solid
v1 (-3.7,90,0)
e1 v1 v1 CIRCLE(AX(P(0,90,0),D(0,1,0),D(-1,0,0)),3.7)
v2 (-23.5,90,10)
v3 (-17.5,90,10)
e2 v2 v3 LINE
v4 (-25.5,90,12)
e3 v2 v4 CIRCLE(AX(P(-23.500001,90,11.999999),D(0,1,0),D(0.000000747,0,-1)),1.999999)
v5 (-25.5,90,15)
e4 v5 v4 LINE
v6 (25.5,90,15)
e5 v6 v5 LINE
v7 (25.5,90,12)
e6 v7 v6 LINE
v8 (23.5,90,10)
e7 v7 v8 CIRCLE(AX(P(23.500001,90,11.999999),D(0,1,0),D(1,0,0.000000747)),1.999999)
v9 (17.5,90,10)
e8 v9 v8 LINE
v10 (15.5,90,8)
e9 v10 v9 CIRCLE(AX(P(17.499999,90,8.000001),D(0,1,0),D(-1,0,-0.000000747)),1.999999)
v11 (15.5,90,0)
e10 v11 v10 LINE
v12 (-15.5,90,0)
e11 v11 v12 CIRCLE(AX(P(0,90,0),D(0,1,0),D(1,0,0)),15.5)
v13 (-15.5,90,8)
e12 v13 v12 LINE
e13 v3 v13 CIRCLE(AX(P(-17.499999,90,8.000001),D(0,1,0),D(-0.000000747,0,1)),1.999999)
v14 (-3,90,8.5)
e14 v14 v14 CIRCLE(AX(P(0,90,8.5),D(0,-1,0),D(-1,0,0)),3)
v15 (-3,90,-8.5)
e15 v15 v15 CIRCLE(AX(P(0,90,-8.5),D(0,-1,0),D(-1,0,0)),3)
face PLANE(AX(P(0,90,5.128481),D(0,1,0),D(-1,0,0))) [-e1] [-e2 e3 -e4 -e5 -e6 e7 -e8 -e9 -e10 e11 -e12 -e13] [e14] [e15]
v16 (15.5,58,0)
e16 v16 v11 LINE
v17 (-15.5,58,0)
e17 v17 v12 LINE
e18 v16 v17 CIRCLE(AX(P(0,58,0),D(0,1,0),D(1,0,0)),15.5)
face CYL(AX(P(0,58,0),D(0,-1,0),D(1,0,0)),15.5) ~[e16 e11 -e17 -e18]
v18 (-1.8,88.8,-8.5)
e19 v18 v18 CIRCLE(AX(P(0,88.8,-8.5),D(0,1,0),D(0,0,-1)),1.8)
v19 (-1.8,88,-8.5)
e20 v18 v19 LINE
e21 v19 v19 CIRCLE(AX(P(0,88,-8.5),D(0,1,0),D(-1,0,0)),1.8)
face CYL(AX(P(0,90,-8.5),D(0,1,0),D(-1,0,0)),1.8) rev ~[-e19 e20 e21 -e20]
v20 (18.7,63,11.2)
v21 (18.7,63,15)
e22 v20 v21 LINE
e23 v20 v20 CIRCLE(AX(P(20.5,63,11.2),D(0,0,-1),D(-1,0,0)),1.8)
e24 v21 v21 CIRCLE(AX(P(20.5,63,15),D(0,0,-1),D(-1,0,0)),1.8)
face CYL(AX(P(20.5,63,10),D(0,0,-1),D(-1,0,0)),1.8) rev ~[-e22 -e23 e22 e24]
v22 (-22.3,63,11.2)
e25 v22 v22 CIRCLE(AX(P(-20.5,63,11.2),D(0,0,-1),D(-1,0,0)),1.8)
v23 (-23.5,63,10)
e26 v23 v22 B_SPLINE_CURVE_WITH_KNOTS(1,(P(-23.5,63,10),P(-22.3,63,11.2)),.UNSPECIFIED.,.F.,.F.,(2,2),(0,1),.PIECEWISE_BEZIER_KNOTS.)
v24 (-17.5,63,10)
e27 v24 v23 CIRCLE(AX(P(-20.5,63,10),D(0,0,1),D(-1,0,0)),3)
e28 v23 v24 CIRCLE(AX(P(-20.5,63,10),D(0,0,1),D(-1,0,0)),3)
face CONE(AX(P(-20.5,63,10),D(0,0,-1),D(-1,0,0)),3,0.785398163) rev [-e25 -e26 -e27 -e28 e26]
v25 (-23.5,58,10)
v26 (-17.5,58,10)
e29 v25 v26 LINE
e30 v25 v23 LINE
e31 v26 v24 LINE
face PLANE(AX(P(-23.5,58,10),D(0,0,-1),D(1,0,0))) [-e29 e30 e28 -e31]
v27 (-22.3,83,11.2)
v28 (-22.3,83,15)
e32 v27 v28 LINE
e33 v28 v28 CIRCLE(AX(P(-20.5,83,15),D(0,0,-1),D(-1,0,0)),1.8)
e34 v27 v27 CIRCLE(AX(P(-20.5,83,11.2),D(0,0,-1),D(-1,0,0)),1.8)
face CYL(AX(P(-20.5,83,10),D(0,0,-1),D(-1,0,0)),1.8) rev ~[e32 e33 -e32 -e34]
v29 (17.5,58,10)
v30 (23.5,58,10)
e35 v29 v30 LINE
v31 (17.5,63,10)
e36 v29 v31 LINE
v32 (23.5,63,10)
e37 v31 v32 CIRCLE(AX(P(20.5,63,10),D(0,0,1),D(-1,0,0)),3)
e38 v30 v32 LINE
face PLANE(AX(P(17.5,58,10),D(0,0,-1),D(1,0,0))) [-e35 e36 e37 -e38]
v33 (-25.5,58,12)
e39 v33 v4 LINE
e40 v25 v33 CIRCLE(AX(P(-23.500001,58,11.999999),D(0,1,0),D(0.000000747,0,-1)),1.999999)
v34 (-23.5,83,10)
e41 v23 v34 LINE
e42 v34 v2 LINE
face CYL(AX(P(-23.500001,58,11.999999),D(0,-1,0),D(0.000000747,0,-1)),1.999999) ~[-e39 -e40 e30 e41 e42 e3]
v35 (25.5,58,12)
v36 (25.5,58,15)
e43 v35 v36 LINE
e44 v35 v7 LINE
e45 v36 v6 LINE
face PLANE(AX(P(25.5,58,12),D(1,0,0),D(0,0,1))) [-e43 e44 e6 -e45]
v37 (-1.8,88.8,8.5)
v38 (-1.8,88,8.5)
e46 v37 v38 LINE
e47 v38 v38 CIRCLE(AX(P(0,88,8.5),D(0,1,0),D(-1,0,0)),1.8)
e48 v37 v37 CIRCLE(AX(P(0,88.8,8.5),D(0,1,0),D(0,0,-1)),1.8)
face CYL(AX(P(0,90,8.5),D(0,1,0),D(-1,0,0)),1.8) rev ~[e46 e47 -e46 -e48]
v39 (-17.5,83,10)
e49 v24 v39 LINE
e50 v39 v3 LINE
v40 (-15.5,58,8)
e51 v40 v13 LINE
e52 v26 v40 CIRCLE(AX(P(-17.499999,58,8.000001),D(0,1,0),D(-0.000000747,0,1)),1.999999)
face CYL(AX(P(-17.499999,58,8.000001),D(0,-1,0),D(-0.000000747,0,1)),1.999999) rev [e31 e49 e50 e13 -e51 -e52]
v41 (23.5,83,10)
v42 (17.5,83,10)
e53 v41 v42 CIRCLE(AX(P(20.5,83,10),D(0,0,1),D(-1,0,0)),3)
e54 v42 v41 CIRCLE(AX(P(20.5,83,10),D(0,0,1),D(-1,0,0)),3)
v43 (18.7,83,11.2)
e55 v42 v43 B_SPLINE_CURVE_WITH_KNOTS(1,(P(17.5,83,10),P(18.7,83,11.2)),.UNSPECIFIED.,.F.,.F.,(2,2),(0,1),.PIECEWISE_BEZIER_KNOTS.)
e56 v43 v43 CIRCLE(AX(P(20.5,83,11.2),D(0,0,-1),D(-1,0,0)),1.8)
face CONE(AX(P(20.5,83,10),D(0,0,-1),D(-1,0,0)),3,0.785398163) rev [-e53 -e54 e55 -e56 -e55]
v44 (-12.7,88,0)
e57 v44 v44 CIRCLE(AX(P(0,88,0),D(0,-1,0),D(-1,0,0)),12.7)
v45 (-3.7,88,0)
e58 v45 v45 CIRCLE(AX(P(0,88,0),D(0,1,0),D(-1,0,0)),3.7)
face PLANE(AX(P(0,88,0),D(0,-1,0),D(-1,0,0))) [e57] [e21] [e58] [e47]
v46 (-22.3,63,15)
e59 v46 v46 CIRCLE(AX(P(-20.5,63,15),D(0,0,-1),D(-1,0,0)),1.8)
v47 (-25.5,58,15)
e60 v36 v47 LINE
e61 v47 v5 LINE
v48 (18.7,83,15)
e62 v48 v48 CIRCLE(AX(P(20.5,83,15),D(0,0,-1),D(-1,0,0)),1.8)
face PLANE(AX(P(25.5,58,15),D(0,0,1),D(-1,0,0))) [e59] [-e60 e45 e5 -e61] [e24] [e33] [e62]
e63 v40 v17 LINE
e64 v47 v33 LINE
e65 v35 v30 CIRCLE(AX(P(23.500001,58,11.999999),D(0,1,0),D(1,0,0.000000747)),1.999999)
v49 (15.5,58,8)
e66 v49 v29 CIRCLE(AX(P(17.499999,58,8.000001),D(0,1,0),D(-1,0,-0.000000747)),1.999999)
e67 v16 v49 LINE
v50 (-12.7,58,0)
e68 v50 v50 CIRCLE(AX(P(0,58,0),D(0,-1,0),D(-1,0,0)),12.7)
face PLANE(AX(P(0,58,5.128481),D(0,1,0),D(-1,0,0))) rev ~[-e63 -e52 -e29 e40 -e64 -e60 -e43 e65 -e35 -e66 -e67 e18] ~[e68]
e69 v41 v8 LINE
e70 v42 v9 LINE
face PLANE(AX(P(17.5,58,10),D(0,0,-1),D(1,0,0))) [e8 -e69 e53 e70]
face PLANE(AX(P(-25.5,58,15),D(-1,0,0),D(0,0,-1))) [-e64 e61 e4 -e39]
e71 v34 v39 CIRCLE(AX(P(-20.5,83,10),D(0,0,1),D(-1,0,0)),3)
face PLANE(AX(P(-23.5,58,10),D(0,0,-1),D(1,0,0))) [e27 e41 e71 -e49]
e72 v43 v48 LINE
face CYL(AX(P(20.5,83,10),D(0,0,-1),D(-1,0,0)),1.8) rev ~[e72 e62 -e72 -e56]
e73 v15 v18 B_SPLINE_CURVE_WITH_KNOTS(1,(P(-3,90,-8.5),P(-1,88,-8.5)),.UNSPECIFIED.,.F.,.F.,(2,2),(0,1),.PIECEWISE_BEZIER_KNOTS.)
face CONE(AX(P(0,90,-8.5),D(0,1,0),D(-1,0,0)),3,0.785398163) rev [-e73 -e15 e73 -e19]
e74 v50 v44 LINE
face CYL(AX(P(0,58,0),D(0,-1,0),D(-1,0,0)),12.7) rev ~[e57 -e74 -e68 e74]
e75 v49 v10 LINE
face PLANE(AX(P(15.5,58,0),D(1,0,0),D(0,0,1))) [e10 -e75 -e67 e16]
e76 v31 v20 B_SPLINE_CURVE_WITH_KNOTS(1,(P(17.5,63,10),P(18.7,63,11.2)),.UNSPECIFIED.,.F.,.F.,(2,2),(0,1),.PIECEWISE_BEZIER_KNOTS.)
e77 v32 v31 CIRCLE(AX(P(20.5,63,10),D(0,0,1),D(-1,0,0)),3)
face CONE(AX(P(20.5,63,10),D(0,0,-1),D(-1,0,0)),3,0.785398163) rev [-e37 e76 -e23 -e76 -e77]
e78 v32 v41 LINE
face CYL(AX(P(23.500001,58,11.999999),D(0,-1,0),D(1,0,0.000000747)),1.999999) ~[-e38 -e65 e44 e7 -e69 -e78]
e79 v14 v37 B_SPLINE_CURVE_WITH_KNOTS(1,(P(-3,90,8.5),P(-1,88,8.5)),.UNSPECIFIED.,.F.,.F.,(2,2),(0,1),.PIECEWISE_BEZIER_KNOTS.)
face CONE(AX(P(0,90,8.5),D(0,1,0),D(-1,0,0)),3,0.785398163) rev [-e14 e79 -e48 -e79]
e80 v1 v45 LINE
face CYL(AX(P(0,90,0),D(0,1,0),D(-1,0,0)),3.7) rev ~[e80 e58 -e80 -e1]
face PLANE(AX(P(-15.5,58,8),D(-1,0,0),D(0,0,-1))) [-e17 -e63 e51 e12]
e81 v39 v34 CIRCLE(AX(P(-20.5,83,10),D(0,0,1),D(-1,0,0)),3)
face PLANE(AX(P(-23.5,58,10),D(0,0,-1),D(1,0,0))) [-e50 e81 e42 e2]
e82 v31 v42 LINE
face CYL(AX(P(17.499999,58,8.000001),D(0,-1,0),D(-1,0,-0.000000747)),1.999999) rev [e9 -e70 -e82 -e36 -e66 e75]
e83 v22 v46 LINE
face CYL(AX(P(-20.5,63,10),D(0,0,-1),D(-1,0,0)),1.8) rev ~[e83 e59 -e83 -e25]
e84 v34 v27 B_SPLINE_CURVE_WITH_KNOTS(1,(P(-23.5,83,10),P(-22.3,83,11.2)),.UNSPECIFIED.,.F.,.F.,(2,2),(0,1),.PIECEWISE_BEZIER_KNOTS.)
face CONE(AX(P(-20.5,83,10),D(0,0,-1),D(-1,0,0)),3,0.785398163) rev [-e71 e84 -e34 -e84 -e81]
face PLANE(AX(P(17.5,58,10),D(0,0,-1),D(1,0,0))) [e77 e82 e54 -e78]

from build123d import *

# Parameters (mm, degrees)
PAD009_START            = 60
PAD009_DEPTH            = 32
SKETCH045_R             = 12.7
POCKET028_DEPTH         = 30
SKETCH046_R             = 1.8
SKETCH046_R_2           = 3.7
POCKET029_DEPTH         = 2
SKETCH047_R             = 1.8
POCKET030_DEPTH         = 5.001
SKETCH048_R             = 3
POCKET031_DEPTH         = 1.2
POCKET031_TAPER         = 45
SKETCH049_R             = 3
POCKET032_DEPTH         = 2
POCKET032_TAPER         = 45
BODY006_PLACEMENT_ANGLE = 180


with BuildPart() as part:
    # Sketch044 → Pad009 (new body)
    with BuildSketch(Plane.XZ.offset(PAD009_START)):
        with BuildLine():
            ThreePointArc((-15.5, 0), (0, -15.5), (15.5, 0))
            Line((15.5, 8), (15.5, 0))
            ThreePointArc((17.5, 10), (16.085786, 9.414214), (15.5, 8))
            Line((23.5, 10), (17.5, 10))
            ThreePointArc((23.5, 10), (24.914214, 10.585786), (25.5, 12))
            Line((25.5, 15), (25.5, 12))
            Line((-25.5, 15), (25.5, 15))
            Line((-25.5, 12), (-25.5, 15))
            ThreePointArc((-25.5, 12), (-24.914214, 10.585786), (-23.5, 10))
            Line((-17.5, 10), (-23.5, 10))
            ThreePointArc((-15.5, 8), (-16.085786, 9.414214), (-17.5, 10))
            Line((-15.5, 0), (-15.5, 8))
        make_face()
    extrude(amount=PAD009_DEPTH)

    # Sketch045 (on Face13 of Pad009) → Pocket028 (cut)
    with BuildSketch(Plane(origin=(0, -60, 0), x_dir=(1, 0, 0), z_dir=(0, 1, 0))):
        Circle(SKETCH045_R)
    extrude(amount=-POCKET028_DEPTH, mode=Mode.SUBTRACT)

    # Sketch046 (on Face5 of Pocket028) → Pocket029 (cut)
    with BuildSketch(Plane.XZ.offset(92)):
        with Locations((0, 8.5)):
            Circle(SKETCH046_R)
        with Locations((0, -8.5)):
            Circle(SKETCH046_R)
        Circle(SKETCH046_R_2)
    extrude(amount=-POCKET029_DEPTH, mode=Mode.SUBTRACT)

    # Sketch047 (on Face3 of Pocket029) → Pocket030 (cut, through all)
    with BuildSketch(Plane(origin=(0, 0, 10), x_dir=(1, 0, 0), z_dir=(0, 0, -1))):
        with Locations((-20.5, 85)):
            Circle(SKETCH047_R)
        with Locations((-20.5, 65)):
            Circle(SKETCH047_R)
        with Locations((20.5, 65)):
            Circle(SKETCH047_R)
        with Locations((20.5, 85)):
            Circle(SKETCH047_R)
    extrude(amount=-POCKET030_DEPTH, mode=Mode.SUBTRACT)

    # Sketch048 (on Face3 of Pocket030) → Pocket031 (cut)
    with BuildSketch(Plane(origin=(0, 0, 10), x_dir=(1, 0, 0), z_dir=(0, 0, -1))):
        with Locations((-20.5, 85)):
            Circle(SKETCH048_R)
        with Locations((20.5, 85)):
            Circle(SKETCH048_R)
        with Locations((20.5, 65)):
            Circle(SKETCH048_R)
        with Locations((-20.5, 65)):
            Circle(SKETCH048_R)
    extrude(amount=-POCKET031_DEPTH, taper=POCKET031_TAPER, mode=Mode.SUBTRACT)

    # Sketch049 (on Face7 of Pocket031) → Pocket032 (cut)
    with BuildSketch(Plane.XZ.offset(92)):
        with Locations((0, 8.5)):
            Circle(SKETCH049_R)
        with Locations((0, -8.5)):
            Circle(SKETCH049_R)
    extrude(amount=-POCKET032_DEPTH, taper=POCKET032_TAPER, mode=Mode.SUBTRACT)


with BuildPart() as part_1:
    # Body006 placement: moved
    add(part.part.moved(Location((0, -2, 0))).rotate(Axis((0, -2, 0), (0, 0, 1)), BODY006_PLACEMENT_ANGLE))


solid = part_1.part
